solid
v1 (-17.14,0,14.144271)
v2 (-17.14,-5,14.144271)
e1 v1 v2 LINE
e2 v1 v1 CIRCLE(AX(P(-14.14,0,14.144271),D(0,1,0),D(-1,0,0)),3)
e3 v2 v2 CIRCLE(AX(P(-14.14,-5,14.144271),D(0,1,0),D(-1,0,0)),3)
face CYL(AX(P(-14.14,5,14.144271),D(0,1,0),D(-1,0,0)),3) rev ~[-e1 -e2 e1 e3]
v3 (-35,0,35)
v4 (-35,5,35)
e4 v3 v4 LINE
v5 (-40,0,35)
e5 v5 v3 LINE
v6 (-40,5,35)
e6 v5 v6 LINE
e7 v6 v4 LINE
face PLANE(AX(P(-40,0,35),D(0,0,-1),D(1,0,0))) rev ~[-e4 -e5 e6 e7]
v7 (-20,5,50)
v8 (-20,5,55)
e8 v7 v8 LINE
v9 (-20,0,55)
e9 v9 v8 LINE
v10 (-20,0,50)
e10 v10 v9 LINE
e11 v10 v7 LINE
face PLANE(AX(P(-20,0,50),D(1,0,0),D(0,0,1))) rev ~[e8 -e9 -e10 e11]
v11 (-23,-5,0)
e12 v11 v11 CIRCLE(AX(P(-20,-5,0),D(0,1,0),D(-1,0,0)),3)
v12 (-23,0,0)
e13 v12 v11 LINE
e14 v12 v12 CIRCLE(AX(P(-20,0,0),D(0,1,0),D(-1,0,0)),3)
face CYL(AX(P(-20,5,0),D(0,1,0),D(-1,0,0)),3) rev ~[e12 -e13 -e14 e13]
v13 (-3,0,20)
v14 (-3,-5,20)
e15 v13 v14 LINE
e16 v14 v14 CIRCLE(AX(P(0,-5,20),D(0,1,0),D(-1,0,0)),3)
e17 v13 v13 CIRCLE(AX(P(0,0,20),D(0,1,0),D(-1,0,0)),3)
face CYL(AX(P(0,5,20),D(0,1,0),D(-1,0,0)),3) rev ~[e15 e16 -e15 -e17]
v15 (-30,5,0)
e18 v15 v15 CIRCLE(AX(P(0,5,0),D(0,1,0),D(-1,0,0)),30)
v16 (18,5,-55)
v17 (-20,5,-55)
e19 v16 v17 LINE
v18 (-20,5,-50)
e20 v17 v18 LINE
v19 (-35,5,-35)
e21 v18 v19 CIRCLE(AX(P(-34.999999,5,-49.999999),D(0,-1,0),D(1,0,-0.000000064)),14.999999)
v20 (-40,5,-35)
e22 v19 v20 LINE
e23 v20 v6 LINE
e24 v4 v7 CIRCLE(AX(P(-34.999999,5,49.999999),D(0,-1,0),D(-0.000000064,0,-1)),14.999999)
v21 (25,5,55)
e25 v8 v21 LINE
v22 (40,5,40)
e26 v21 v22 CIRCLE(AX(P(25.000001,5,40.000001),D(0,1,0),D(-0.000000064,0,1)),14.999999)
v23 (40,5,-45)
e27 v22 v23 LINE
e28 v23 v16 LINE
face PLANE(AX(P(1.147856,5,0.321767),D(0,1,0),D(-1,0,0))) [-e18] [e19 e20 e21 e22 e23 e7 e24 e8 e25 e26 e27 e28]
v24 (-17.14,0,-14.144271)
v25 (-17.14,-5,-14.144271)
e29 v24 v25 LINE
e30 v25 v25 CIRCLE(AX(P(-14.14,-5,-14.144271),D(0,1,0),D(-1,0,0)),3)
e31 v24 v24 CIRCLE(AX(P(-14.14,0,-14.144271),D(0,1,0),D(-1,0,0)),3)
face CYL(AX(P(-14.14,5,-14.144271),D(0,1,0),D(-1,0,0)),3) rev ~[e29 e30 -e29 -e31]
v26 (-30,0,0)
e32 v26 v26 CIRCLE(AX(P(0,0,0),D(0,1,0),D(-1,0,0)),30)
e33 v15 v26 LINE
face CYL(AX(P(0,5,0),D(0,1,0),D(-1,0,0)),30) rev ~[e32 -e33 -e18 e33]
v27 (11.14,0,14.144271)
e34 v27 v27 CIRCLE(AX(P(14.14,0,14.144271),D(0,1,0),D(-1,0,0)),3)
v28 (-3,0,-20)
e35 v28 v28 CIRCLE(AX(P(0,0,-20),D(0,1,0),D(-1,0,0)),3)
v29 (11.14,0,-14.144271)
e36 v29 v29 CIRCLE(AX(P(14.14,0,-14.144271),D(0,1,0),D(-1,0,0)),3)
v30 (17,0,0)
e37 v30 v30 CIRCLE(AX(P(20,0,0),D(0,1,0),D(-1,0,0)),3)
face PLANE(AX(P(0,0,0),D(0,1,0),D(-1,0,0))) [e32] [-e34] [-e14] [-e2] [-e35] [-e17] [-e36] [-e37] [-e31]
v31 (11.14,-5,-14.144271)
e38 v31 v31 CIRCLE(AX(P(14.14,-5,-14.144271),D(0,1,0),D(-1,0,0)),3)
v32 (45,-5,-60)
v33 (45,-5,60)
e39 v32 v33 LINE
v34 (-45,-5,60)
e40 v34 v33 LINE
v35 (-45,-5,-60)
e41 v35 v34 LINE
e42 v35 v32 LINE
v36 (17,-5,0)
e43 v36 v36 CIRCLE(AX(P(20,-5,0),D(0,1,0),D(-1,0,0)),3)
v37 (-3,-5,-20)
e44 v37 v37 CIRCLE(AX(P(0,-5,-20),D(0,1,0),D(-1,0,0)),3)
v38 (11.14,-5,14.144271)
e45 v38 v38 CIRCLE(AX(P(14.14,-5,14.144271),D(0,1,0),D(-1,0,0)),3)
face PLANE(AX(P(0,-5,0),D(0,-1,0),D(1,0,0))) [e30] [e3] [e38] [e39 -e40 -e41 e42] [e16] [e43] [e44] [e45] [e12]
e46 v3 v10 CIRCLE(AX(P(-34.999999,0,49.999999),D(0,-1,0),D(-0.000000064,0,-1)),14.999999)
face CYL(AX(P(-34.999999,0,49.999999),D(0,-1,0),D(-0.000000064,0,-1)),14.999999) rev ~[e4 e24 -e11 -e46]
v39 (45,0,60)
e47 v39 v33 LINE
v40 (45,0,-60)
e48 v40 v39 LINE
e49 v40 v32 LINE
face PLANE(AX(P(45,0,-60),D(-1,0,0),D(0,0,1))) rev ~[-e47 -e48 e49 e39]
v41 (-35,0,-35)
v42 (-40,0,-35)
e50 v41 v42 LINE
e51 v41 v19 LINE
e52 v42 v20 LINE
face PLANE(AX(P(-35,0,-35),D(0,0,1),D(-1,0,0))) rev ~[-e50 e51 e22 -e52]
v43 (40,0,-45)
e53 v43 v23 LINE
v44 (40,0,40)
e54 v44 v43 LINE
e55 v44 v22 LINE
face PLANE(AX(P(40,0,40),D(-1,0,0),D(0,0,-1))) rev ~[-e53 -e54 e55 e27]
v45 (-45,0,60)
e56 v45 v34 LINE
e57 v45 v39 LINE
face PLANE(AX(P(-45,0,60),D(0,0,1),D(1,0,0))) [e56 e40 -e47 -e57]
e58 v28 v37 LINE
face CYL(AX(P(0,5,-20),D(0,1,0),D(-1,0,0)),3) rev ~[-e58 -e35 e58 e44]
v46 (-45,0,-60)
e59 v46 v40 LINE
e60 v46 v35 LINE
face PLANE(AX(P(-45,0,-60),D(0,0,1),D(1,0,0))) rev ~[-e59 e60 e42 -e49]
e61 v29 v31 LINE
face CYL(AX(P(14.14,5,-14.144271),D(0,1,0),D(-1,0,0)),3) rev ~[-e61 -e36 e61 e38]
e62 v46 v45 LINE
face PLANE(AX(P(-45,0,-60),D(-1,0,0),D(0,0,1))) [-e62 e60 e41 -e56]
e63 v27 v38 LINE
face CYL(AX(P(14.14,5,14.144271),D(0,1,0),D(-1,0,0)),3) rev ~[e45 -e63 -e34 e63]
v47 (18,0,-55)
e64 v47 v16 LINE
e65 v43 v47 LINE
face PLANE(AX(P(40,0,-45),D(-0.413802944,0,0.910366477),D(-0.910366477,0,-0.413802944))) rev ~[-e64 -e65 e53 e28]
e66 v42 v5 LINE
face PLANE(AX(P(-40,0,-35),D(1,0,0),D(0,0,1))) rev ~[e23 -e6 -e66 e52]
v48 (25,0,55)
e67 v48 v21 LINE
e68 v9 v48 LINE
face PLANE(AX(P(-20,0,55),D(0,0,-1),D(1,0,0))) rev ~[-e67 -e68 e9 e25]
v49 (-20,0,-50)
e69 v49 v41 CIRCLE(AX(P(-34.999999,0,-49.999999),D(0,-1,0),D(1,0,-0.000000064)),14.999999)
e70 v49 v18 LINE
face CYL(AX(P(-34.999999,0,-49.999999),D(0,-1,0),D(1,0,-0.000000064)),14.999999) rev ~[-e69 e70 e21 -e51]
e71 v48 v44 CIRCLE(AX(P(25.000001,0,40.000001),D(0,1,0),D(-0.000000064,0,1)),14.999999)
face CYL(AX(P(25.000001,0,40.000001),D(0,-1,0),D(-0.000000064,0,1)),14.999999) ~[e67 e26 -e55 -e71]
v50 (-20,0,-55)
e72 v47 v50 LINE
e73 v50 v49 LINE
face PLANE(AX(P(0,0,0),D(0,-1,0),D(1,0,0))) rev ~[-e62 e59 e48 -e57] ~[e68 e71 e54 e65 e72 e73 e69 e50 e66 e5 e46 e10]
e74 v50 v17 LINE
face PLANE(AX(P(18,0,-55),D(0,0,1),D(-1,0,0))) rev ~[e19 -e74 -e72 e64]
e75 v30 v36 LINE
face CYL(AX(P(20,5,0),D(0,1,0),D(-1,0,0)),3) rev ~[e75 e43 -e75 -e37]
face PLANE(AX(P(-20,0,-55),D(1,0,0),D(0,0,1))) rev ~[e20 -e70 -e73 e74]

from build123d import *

# Parameters (mm, degrees)
F0_W     = 90
F0_H     = 120
F1_DEPTH = 5
F3_DEPTH = 5
F4_R     = 30
F4_R_2   = 3
F5_DEPTH = 5
F6_DEPTH = 25


with BuildPart() as f1:
    # F0 (on Front) → F1 (new body)
    with BuildSketch(Plane.XZ):
        Rectangle(F0_W, F0_H)
    extrude(amount=F1_DEPTH)

    # F2 (on face) → F3 (join)
    with BuildSketch(Plane(origin=(0, 0, 0), x_dir=(-1, 0, 0), z_dir=(0, 1, 0))):
        with BuildLine():
            Line((-40, -45), (-18, -55))
            Line((-18, -55), (20, -55))
            Line((20, -55), (20, -50))
            ThreePointArc((20, -50), (24.393398, -39.393398), (35, -35))
            Line((35, -35), (40, -35))
            Line((40, -35), (40, 35))
            Line((40, 35), (35, 35))
            ThreePointArc((35, 35), (24.393398, 39.393398), (20, 50))
            Line((20, 50), (20, 55))
            Line((20, 55), (-25, 55))
            ThreePointArc((-25, 55), (-35.606602, 50.606602), (-40, 40))
            Line((-40, 40), (-40, -45))
        make_face()
    extrude(amount=F3_DEPTH)

    # F4 (on face) → F5 (cut)
    with BuildSketch(Plane(origin=(0, 5, 0), x_dir=(-1, 0, 0), z_dir=(0, 1, 0))):
        Circle(F4_R)
        with Locations((-14.14, -14.144271)):
            Circle(F4_R_2, mode=Mode.SUBTRACT)
        with Locations((0, -20)):
            Circle(F4_R_2, mode=Mode.SUBTRACT)
        with Locations((14.14, -14.144271)):
            Circle(F4_R_2, mode=Mode.SUBTRACT)
        with Locations((-20, 0)):
            Circle(F4_R_2, mode=Mode.SUBTRACT)
        with Locations((-14.14, 14.144271)):
            Circle(F4_R_2, mode=Mode.SUBTRACT)
        with Locations((0, 20)):
            Circle(F4_R_2, mode=Mode.SUBTRACT)
        with Locations((14.14, 14.144271)):
            Circle(F4_R_2, mode=Mode.SUBTRACT)
        with Locations((20, 0)):
            Circle(F4_R_2, mode=Mode.SUBTRACT)
    extrude(amount=-F5_DEPTH, mode=Mode.SUBTRACT)

    # F4 (on face) → F6 (cut)
    with BuildSketch(Plane(origin=(0, 5, 0), x_dir=(-1, 0, 0), z_dir=(0, 1, 0))):
        with Locations((-14.14, -14.144271)):
            Circle(F4_R_2)
        with Locations((-20, 0)):
            Circle(F4_R_2)
        with Locations((-14.14, 14.144271)):
            Circle(F4_R_2)
        with Locations((0, 20)):
            Circle(F4_R_2)
        with Locations((14.14, 14.144271)):
            Circle(F4_R_2)
        with Locations((20, 0)):
            Circle(F4_R_2)
        with Locations((14.14, -14.144271)):
            Circle(F4_R_2)
        with Locations((0, -20)):
            Circle(F4_R_2)
    extrude(amount=-F6_DEPTH, mode=Mode.SUBTRACT)


solid = f1.part
